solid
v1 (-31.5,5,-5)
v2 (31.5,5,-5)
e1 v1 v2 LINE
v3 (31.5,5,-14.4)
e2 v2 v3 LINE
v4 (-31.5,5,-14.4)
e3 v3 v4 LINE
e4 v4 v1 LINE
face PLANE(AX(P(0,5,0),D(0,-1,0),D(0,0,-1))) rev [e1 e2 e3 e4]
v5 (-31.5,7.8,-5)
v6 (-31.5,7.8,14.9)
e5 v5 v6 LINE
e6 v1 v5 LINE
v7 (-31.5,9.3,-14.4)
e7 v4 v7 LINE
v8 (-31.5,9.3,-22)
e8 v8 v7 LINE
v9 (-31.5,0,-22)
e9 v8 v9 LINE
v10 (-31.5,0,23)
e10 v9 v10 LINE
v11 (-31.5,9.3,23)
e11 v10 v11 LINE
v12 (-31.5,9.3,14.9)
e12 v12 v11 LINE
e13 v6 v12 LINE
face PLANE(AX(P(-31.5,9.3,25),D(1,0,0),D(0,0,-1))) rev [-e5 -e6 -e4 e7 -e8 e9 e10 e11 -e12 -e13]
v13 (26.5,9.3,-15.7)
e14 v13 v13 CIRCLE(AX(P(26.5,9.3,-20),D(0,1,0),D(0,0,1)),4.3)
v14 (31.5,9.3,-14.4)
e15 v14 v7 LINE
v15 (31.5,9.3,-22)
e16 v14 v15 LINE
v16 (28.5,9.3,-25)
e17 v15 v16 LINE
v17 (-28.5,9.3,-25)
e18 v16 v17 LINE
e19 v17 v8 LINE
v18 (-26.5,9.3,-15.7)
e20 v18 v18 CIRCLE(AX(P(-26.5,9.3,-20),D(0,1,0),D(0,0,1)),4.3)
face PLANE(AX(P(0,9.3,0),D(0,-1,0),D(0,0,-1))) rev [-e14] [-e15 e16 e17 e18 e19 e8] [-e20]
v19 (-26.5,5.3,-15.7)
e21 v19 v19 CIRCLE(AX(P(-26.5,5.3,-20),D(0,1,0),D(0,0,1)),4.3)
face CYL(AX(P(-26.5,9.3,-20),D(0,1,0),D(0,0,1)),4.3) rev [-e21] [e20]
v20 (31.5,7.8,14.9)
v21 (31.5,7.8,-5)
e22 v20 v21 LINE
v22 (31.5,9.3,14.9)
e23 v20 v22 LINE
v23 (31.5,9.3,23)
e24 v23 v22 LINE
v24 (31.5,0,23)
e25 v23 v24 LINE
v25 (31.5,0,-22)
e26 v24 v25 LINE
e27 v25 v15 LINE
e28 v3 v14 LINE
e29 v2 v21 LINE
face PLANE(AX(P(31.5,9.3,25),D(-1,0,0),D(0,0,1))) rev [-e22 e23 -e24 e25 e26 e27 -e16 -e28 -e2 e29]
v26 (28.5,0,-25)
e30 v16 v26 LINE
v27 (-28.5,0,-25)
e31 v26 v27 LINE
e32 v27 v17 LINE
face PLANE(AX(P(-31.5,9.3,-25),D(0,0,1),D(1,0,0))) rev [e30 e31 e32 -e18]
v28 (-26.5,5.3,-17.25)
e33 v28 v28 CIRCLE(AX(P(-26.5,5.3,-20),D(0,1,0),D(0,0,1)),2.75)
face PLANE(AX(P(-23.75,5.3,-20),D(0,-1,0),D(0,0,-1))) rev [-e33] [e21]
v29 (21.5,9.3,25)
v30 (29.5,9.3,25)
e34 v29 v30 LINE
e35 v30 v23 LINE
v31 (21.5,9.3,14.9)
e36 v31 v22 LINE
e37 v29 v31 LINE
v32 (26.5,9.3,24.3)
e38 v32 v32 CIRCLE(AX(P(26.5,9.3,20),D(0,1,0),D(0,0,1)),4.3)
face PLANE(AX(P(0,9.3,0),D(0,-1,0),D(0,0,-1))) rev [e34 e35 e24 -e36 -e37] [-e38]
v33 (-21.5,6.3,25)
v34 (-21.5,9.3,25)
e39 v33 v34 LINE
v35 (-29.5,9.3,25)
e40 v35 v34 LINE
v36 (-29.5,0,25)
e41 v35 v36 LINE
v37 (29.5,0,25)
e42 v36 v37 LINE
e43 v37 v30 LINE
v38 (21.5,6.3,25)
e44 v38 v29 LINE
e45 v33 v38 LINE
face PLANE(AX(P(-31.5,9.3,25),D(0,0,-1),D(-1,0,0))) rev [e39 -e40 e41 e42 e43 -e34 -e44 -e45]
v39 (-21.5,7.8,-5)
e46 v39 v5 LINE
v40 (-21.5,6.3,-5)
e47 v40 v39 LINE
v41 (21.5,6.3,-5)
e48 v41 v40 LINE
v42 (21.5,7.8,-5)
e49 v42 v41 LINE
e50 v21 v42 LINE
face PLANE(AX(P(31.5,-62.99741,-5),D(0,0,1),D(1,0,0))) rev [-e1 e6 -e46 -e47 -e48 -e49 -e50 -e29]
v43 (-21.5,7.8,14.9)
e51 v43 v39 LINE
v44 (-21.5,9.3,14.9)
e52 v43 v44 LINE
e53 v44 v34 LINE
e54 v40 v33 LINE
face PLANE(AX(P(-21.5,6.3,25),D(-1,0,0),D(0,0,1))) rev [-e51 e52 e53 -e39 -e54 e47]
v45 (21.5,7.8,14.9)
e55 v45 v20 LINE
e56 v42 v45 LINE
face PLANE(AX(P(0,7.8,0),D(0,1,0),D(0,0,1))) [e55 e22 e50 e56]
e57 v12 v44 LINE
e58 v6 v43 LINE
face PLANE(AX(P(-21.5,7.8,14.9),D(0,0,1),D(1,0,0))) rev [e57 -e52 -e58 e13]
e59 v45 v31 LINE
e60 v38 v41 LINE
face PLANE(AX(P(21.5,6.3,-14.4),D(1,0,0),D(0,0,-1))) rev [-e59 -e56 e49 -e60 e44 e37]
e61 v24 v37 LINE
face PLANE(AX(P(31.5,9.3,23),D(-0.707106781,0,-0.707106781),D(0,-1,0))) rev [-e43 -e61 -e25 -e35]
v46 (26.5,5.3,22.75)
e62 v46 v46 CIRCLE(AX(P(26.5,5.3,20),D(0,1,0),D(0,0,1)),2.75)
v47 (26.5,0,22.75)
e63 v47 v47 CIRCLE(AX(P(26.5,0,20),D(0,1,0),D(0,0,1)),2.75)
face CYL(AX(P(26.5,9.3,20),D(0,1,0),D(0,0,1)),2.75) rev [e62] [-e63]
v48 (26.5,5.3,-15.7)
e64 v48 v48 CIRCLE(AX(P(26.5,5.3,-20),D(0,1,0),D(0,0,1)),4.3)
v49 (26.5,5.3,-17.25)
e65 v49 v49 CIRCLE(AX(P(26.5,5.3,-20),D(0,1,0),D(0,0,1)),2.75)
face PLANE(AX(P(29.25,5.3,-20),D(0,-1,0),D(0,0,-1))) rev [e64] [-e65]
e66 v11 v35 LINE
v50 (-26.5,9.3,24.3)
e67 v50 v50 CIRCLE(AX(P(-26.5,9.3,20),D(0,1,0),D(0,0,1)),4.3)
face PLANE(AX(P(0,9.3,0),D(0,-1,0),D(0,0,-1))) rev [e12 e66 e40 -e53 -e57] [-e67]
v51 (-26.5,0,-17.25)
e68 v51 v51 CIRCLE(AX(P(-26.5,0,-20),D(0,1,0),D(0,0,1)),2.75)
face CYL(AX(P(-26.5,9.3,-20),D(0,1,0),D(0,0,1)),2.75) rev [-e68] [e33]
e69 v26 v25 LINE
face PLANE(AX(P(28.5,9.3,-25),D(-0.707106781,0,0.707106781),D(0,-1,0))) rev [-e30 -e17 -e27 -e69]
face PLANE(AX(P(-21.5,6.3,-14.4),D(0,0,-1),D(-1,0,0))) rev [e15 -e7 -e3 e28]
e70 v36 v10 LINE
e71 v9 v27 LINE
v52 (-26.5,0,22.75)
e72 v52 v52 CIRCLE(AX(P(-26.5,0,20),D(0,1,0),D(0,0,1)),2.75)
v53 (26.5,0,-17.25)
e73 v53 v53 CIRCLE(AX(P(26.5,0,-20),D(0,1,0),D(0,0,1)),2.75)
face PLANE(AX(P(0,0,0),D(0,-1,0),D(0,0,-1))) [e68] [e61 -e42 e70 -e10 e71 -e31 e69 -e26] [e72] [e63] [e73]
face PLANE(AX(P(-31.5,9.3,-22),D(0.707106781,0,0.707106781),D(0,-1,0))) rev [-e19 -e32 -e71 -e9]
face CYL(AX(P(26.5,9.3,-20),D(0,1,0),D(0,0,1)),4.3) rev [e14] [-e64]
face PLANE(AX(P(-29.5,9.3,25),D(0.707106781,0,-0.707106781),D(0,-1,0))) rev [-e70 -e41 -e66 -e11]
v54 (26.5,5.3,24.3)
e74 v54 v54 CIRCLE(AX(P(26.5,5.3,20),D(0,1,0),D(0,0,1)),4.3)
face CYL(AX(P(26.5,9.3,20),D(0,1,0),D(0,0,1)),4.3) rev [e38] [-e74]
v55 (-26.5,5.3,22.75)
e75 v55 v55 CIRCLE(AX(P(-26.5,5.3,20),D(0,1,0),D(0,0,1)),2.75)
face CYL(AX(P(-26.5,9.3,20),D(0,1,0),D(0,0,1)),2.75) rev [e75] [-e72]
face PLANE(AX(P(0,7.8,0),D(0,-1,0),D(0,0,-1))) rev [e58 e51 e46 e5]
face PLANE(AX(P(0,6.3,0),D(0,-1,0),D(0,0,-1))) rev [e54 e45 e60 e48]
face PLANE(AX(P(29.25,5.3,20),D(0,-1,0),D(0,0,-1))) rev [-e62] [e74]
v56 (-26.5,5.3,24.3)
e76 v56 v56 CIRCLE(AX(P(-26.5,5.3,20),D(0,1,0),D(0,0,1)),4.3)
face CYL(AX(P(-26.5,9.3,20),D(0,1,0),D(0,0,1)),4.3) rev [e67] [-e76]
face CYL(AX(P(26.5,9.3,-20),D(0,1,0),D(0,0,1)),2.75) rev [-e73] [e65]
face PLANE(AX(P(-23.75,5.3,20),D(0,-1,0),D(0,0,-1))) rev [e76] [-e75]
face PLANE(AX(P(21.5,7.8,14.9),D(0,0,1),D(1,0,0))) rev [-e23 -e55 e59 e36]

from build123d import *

# Parameters (mm, degrees)
SKETCH1_W                                           = 63
SKETCH1_H                                           = 50
BOSS_EXTRUDE1_DEPTH                                 = 9.3
CBORE_FOR_M5_HEX_SOCKET_HEAD_CAP_SCREW2_D           = 5.5
CBORE_FOR_M5_HEX_SOCKET_HEAD_CAP_SCREW2_CBORE_D     = 8.6
CBORE_FOR_M5_HEX_SOCKET_HEAD_CAP_SCREW2_CBORE_DEPTH = 4
CHAMFER1_SIZE                                       = 3
CHAMFER2_SIZE                                       = 2
CUT_EXTRUDE1_DEPTH                                  = 3
CUT_EXTRUDE2_DEPTH                                  = 4.3
SKETCH8_W                                           = 10
SKETCH8_H                                           = 19.9
CUT_EXTRUDE3_DEPTH                                  = 1.5


with BuildPart() as part:
    # Sketch1 → Boss-Extrude1 (new body)
    with BuildSketch(Plane(origin=(0, 0, 0), x_dir=(1, 0, 0), z_dir=(0, 1, 0))):
        Rectangle(SKETCH1_W, SKETCH1_H)
    extrude(amount=BOSS_EXTRUDE1_DEPTH)

    # CBORE for M5 Hex Socket Head Cap Screw2 (through all)
    with Locations(Plane(origin=(-26.5, 9.3, 20), x_dir=(0, 0, 1), z_dir=(0, 1, 0))):
        with Locations((0, 0), (0, 53), (-40, 53), (-40, 0)):
            CounterBoreHole(CBORE_FOR_M5_HEX_SOCKET_HEAD_CAP_SCREW2_D / 2, CBORE_FOR_M5_HEX_SOCKET_HEAD_CAP_SCREW2_CBORE_D / 2, CBORE_FOR_M5_HEX_SOCKET_HEAD_CAP_SCREW2_CBORE_DEPTH)

    # Chamfer1
    chamfer1_edges = [part.edges().sort_by_distance(p)[0] for p in [
        (-31.5, 4.65, -25),
        (31.5, 4.65, -25),
    ]]
    chamfer(chamfer1_edges, length=CHAMFER1_SIZE)

    # Chamfer2
    chamfer2_edges = [part.edges().sort_by_distance(p)[0] for p in [
        (31.5, 4.65, 25),
        (-31.5, 4.65, 25),
    ]]
    chamfer(chamfer2_edges, length=CHAMFER2_SIZE)

    # Sketch5 → Cut-Extrude1 (cut)
    with BuildSketch(Plane(origin=(0, 9.3, 0), x_dir=(1, 0, 0), z_dir=(0, 1, 0))):
        Polygon((0, -25), (-21.5, -25), (-21.5, 14.4), (21.5, 14.4), (21.5, -25), align=None)
    extrude(amount=-CUT_EXTRUDE1_DEPTH, mode=Mode.SUBTRACT)

    # Sketch7 → Cut-Extrude2 (cut)
    with BuildSketch(Plane(origin=(0, 9.3, 0), x_dir=(1, 0, 0), z_dir=(0, 1, 0))):
        Polygon((-21.5, 14.4), (31.5, 14.4), (31.5, 5), (-31.5, 5), (-31.5, 14.4), align=None)
    extrude(amount=-CUT_EXTRUDE2_DEPTH, mode=Mode.SUBTRACT)

    # Sketch8 → Cut-Extrude3 (cut)
    with BuildSketch(Plane(origin=(0, 9.3, 0), x_dir=(1, 0, 0), z_dir=(0, 1, 0))):
        with Locations((26.5, -4.95)):
            Rectangle(SKETCH8_W, SKETCH8_H)
        with Locations((-26.5, -4.95)):
            Rectangle(SKETCH8_W, SKETCH8_H)
    extrude(amount=-CUT_EXTRUDE3_DEPTH, mode=Mode.SUBTRACT)


solid = part.part
